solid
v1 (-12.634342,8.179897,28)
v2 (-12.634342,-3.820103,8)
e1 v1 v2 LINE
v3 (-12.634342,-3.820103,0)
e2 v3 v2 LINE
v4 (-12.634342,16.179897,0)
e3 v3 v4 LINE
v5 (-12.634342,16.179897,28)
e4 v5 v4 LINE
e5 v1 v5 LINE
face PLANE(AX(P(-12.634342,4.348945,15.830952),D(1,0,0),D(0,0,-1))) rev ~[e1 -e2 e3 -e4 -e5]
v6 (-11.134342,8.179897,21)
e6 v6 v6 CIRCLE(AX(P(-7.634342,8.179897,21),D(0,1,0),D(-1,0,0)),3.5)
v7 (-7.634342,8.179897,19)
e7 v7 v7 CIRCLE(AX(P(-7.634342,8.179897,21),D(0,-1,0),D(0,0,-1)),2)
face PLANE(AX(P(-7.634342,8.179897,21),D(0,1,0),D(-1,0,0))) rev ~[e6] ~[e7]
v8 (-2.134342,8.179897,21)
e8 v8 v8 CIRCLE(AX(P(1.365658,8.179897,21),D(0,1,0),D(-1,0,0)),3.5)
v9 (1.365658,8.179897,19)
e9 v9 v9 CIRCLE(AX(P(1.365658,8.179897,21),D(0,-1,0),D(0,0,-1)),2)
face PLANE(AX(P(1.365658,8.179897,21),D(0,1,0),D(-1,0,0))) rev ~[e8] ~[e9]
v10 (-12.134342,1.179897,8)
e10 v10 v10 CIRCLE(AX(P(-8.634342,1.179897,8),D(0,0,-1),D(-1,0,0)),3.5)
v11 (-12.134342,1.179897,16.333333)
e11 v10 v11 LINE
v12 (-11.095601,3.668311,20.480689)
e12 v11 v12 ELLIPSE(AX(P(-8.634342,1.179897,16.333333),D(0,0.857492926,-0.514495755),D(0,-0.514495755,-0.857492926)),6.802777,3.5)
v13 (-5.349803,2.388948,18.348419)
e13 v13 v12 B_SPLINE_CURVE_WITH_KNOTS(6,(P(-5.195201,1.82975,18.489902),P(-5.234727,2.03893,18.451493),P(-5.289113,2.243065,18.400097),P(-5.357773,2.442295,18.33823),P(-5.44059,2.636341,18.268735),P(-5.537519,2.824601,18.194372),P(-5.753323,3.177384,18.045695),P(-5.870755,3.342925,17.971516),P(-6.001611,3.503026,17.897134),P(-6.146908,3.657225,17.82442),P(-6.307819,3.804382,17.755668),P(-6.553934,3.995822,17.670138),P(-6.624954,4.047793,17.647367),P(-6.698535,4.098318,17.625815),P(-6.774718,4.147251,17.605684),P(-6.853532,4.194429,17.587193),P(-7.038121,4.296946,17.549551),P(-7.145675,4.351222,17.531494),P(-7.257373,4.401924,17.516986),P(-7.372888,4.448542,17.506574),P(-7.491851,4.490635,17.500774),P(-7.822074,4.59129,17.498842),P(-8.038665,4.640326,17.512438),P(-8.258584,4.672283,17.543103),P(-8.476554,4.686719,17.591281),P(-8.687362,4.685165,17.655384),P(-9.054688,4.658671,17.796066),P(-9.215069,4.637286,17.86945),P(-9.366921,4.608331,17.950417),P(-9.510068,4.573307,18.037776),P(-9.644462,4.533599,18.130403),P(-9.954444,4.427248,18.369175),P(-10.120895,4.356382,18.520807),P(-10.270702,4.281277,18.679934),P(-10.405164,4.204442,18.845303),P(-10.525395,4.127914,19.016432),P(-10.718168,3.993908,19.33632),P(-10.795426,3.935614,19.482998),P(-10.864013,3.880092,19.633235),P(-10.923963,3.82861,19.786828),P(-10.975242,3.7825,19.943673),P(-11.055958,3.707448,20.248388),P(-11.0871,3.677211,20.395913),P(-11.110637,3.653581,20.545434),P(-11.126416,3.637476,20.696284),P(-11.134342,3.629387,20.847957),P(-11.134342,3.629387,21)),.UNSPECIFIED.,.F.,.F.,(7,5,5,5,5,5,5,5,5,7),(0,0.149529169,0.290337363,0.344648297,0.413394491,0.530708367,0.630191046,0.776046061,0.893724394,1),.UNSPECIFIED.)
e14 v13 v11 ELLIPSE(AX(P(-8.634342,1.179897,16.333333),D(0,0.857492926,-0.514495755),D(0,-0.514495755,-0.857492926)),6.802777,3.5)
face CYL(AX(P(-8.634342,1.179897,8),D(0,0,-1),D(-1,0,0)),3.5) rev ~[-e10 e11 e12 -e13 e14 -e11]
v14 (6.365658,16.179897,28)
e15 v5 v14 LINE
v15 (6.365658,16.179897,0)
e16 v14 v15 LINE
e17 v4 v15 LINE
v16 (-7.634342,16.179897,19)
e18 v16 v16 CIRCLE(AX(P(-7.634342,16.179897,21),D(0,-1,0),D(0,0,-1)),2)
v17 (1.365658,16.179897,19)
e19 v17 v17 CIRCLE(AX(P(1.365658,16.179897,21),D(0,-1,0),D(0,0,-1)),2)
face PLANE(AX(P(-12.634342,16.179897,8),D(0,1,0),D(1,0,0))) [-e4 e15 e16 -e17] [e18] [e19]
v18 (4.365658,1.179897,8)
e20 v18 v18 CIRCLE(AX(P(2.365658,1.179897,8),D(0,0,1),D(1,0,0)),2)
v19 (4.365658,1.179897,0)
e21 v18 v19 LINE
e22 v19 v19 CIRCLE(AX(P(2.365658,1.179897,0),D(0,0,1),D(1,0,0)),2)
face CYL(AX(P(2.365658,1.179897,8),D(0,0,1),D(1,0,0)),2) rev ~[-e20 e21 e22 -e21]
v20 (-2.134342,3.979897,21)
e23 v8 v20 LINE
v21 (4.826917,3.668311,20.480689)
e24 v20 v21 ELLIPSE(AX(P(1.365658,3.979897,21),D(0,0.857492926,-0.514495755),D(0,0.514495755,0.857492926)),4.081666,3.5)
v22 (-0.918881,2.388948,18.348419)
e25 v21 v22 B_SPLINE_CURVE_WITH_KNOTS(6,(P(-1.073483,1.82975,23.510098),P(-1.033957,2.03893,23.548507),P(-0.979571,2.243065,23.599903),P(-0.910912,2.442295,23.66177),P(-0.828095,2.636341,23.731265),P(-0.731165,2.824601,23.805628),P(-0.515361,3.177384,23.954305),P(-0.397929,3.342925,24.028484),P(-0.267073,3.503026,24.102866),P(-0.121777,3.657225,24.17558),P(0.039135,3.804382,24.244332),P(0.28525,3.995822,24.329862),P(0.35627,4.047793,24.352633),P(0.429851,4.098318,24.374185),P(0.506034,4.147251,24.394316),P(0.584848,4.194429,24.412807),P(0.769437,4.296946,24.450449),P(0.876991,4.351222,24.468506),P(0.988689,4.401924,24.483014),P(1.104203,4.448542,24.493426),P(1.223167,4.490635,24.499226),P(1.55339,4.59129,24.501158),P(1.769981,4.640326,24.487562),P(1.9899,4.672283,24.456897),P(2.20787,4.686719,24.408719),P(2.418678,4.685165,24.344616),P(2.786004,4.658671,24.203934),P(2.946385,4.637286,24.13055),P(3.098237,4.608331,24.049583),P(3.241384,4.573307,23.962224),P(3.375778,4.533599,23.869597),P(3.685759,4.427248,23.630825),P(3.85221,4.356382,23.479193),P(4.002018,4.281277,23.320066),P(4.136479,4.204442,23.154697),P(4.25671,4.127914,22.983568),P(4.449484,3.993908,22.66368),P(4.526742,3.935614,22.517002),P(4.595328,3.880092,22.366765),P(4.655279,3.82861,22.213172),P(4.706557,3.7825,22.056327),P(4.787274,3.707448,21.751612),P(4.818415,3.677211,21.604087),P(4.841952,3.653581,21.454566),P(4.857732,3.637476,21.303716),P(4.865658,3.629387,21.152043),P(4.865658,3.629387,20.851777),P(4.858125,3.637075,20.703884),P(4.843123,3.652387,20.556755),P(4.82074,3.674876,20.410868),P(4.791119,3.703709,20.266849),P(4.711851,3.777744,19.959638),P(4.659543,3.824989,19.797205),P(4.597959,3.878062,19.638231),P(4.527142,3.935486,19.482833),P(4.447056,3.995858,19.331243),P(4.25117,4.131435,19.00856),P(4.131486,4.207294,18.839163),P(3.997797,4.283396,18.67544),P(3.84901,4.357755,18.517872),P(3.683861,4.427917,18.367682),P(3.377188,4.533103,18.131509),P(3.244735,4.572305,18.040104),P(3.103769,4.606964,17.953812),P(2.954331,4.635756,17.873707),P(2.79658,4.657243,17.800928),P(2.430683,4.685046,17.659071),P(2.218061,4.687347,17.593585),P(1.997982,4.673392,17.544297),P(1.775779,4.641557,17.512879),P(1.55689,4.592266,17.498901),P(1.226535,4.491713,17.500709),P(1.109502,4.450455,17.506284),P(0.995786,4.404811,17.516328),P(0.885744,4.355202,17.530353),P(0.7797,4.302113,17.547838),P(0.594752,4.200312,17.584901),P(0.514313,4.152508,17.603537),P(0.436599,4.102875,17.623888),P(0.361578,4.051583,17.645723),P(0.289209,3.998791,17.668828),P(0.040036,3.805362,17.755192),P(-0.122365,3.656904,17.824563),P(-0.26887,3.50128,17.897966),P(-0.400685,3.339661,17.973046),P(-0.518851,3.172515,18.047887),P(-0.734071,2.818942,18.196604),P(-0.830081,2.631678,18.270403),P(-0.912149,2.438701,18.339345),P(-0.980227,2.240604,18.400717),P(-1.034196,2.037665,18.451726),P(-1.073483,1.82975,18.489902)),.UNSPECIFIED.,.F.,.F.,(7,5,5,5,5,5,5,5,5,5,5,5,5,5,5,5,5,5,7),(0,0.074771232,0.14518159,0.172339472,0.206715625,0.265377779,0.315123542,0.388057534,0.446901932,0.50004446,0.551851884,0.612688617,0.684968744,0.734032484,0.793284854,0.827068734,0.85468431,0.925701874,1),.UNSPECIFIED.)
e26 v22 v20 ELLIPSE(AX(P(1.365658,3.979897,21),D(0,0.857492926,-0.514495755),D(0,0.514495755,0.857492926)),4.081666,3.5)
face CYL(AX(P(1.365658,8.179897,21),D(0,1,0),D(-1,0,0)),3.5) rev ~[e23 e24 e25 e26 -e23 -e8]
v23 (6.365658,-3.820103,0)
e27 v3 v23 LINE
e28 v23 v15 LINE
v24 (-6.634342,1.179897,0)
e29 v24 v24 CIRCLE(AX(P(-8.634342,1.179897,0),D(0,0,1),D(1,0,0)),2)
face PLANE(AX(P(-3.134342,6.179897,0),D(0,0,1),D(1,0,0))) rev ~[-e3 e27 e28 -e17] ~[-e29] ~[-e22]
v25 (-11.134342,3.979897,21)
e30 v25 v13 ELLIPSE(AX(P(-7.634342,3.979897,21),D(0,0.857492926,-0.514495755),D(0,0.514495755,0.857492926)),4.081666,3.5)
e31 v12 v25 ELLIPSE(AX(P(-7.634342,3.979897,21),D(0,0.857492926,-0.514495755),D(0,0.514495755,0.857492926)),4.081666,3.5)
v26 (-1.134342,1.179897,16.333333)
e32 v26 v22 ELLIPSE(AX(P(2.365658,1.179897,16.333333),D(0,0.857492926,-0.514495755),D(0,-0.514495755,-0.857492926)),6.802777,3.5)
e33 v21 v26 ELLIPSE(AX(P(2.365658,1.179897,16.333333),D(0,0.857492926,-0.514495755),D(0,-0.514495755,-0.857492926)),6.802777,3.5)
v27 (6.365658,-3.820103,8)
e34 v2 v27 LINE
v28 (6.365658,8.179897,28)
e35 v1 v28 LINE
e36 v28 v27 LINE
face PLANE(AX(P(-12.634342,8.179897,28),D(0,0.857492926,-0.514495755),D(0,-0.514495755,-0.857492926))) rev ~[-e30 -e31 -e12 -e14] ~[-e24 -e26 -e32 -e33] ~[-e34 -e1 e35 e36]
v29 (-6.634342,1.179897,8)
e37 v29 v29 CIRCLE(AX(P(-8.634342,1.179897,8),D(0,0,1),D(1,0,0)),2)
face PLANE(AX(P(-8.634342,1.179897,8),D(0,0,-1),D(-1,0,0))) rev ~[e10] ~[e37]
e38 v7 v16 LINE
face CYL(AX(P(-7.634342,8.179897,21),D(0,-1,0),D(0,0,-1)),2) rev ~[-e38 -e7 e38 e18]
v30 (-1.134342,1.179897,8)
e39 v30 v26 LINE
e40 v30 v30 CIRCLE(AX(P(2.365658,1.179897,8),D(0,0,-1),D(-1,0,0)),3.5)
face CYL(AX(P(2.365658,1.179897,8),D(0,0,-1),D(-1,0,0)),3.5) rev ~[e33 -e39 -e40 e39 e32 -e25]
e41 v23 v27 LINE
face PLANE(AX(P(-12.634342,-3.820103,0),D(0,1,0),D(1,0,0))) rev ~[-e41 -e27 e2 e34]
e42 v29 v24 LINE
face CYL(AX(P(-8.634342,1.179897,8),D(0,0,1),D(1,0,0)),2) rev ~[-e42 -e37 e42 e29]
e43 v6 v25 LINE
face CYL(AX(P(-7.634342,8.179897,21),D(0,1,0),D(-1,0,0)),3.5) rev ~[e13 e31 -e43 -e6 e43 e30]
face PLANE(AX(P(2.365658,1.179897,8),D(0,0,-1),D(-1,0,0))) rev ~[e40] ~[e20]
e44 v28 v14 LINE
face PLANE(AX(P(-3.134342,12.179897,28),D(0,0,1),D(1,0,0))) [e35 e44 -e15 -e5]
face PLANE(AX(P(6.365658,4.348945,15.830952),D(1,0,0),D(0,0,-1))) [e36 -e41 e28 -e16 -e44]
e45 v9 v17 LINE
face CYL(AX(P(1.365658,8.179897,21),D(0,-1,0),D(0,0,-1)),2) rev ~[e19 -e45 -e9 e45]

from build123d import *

# Parameters (mm, degrees)
SKETCH1_W           = 19
SKETCH1_H           = 20
BOSS_EXTRUDE1_DEPTH = 8
SKETCH2_W           = 19
SKETCH2_H           = 8
BOSS_EXTRUDE2_DEPTH = 20
SKETCH3_R           = 2
CUT_EXTRUDE1_DEPTH  = 20
SKETCH4_R           = 2
CUT_EXTRUDE2_DEPTH  = 20
BOSS_EXTRUDE3_DEPTH = 19
SKETCH7_R           = 3.5
CUT_EXTRUDE3_DEPTH  = 20
SKETCH8_R           = 3.5
CUT_EXTRUDE4_DEPTH  = 20


with BuildPart() as part:
    # Sketch1 → Boss-Extrude1 (new body)
    with BuildSketch(Plane.XY):
        with Locations((-3.134342089, 6.179897069)):
            Rectangle(SKETCH1_W, SKETCH1_H)
    extrude(amount=BOSS_EXTRUDE1_DEPTH)

    # Sketch2 → Boss-Extrude2 (add)
    with BuildSketch(Plane.XY.offset(8)):
        with Locations((-3.134342089, 12.179897069)):
            Rectangle(SKETCH2_W, SKETCH2_H)
    extrude(amount=BOSS_EXTRUDE2_DEPTH)

    # Sketch3 → Cut-Extrude1 (cut)
    with BuildSketch(Plane.XY.offset(8)):
        with Locations((-8.634342089, 1.179897069)):
            Circle(SKETCH3_R)
        with Locations((2.365657911, 1.179897069)):
            Circle(SKETCH3_R)
    extrude(amount=-CUT_EXTRUDE1_DEPTH, mode=Mode.SUBTRACT)

    # Sketch4 → Cut-Extrude2 (cut)
    with BuildSketch(Plane.XZ.offset(-8.179897069)):
        with Locations(Location((-7.634342089, 21, 0), (0, 0, 270))):
            Circle(SKETCH4_R)
        with Locations(Location((1.365657911, 21, 0), (0, 0, 270))):
            Circle(SKETCH4_R)
    extrude(amount=-CUT_EXTRUDE2_DEPTH, mode=Mode.SUBTRACT)

    # Sketch5 → Boss-Extrude3 (add)
    with BuildSketch(Plane.ZY.offset(12.634342089)):
        Polygon((28, 8.179897069), (8, -3.820102931), (8, 8.179897069), align=None)
    extrude(amount=-BOSS_EXTRUDE3_DEPTH)

    # Sketch7 → Cut-Extrude3 (cut)
    with BuildSketch(Plane(origin=(0, 8.179897069, 0), x_dir=(1, 0, 0), z_dir=(0, 1, 0))):
        with Locations(Location((1.365657911, -21, 0), (0, 0, 180))):
            Circle(SKETCH7_R)
        with Locations(Location((-7.634342089, -21, 0), (0, 0, 180))):
            Circle(SKETCH7_R)
    extrude(amount=-CUT_EXTRUDE3_DEPTH, mode=Mode.SUBTRACT)

    # Sketch8 → Cut-Extrude4 (cut)
    with BuildSketch(Plane(origin=(0, 0, 8), x_dir=(-1, 0, 0), z_dir=(0, 0, -1))):
        with Locations((8.634342089, 1.179897069)):
            Circle(SKETCH8_R)
        with Locations((-2.365657911, 1.179897069)):
            Circle(SKETCH8_R)
    extrude(amount=-CUT_EXTRUDE4_DEPTH, mode=Mode.SUBTRACT)


solid = part.part
